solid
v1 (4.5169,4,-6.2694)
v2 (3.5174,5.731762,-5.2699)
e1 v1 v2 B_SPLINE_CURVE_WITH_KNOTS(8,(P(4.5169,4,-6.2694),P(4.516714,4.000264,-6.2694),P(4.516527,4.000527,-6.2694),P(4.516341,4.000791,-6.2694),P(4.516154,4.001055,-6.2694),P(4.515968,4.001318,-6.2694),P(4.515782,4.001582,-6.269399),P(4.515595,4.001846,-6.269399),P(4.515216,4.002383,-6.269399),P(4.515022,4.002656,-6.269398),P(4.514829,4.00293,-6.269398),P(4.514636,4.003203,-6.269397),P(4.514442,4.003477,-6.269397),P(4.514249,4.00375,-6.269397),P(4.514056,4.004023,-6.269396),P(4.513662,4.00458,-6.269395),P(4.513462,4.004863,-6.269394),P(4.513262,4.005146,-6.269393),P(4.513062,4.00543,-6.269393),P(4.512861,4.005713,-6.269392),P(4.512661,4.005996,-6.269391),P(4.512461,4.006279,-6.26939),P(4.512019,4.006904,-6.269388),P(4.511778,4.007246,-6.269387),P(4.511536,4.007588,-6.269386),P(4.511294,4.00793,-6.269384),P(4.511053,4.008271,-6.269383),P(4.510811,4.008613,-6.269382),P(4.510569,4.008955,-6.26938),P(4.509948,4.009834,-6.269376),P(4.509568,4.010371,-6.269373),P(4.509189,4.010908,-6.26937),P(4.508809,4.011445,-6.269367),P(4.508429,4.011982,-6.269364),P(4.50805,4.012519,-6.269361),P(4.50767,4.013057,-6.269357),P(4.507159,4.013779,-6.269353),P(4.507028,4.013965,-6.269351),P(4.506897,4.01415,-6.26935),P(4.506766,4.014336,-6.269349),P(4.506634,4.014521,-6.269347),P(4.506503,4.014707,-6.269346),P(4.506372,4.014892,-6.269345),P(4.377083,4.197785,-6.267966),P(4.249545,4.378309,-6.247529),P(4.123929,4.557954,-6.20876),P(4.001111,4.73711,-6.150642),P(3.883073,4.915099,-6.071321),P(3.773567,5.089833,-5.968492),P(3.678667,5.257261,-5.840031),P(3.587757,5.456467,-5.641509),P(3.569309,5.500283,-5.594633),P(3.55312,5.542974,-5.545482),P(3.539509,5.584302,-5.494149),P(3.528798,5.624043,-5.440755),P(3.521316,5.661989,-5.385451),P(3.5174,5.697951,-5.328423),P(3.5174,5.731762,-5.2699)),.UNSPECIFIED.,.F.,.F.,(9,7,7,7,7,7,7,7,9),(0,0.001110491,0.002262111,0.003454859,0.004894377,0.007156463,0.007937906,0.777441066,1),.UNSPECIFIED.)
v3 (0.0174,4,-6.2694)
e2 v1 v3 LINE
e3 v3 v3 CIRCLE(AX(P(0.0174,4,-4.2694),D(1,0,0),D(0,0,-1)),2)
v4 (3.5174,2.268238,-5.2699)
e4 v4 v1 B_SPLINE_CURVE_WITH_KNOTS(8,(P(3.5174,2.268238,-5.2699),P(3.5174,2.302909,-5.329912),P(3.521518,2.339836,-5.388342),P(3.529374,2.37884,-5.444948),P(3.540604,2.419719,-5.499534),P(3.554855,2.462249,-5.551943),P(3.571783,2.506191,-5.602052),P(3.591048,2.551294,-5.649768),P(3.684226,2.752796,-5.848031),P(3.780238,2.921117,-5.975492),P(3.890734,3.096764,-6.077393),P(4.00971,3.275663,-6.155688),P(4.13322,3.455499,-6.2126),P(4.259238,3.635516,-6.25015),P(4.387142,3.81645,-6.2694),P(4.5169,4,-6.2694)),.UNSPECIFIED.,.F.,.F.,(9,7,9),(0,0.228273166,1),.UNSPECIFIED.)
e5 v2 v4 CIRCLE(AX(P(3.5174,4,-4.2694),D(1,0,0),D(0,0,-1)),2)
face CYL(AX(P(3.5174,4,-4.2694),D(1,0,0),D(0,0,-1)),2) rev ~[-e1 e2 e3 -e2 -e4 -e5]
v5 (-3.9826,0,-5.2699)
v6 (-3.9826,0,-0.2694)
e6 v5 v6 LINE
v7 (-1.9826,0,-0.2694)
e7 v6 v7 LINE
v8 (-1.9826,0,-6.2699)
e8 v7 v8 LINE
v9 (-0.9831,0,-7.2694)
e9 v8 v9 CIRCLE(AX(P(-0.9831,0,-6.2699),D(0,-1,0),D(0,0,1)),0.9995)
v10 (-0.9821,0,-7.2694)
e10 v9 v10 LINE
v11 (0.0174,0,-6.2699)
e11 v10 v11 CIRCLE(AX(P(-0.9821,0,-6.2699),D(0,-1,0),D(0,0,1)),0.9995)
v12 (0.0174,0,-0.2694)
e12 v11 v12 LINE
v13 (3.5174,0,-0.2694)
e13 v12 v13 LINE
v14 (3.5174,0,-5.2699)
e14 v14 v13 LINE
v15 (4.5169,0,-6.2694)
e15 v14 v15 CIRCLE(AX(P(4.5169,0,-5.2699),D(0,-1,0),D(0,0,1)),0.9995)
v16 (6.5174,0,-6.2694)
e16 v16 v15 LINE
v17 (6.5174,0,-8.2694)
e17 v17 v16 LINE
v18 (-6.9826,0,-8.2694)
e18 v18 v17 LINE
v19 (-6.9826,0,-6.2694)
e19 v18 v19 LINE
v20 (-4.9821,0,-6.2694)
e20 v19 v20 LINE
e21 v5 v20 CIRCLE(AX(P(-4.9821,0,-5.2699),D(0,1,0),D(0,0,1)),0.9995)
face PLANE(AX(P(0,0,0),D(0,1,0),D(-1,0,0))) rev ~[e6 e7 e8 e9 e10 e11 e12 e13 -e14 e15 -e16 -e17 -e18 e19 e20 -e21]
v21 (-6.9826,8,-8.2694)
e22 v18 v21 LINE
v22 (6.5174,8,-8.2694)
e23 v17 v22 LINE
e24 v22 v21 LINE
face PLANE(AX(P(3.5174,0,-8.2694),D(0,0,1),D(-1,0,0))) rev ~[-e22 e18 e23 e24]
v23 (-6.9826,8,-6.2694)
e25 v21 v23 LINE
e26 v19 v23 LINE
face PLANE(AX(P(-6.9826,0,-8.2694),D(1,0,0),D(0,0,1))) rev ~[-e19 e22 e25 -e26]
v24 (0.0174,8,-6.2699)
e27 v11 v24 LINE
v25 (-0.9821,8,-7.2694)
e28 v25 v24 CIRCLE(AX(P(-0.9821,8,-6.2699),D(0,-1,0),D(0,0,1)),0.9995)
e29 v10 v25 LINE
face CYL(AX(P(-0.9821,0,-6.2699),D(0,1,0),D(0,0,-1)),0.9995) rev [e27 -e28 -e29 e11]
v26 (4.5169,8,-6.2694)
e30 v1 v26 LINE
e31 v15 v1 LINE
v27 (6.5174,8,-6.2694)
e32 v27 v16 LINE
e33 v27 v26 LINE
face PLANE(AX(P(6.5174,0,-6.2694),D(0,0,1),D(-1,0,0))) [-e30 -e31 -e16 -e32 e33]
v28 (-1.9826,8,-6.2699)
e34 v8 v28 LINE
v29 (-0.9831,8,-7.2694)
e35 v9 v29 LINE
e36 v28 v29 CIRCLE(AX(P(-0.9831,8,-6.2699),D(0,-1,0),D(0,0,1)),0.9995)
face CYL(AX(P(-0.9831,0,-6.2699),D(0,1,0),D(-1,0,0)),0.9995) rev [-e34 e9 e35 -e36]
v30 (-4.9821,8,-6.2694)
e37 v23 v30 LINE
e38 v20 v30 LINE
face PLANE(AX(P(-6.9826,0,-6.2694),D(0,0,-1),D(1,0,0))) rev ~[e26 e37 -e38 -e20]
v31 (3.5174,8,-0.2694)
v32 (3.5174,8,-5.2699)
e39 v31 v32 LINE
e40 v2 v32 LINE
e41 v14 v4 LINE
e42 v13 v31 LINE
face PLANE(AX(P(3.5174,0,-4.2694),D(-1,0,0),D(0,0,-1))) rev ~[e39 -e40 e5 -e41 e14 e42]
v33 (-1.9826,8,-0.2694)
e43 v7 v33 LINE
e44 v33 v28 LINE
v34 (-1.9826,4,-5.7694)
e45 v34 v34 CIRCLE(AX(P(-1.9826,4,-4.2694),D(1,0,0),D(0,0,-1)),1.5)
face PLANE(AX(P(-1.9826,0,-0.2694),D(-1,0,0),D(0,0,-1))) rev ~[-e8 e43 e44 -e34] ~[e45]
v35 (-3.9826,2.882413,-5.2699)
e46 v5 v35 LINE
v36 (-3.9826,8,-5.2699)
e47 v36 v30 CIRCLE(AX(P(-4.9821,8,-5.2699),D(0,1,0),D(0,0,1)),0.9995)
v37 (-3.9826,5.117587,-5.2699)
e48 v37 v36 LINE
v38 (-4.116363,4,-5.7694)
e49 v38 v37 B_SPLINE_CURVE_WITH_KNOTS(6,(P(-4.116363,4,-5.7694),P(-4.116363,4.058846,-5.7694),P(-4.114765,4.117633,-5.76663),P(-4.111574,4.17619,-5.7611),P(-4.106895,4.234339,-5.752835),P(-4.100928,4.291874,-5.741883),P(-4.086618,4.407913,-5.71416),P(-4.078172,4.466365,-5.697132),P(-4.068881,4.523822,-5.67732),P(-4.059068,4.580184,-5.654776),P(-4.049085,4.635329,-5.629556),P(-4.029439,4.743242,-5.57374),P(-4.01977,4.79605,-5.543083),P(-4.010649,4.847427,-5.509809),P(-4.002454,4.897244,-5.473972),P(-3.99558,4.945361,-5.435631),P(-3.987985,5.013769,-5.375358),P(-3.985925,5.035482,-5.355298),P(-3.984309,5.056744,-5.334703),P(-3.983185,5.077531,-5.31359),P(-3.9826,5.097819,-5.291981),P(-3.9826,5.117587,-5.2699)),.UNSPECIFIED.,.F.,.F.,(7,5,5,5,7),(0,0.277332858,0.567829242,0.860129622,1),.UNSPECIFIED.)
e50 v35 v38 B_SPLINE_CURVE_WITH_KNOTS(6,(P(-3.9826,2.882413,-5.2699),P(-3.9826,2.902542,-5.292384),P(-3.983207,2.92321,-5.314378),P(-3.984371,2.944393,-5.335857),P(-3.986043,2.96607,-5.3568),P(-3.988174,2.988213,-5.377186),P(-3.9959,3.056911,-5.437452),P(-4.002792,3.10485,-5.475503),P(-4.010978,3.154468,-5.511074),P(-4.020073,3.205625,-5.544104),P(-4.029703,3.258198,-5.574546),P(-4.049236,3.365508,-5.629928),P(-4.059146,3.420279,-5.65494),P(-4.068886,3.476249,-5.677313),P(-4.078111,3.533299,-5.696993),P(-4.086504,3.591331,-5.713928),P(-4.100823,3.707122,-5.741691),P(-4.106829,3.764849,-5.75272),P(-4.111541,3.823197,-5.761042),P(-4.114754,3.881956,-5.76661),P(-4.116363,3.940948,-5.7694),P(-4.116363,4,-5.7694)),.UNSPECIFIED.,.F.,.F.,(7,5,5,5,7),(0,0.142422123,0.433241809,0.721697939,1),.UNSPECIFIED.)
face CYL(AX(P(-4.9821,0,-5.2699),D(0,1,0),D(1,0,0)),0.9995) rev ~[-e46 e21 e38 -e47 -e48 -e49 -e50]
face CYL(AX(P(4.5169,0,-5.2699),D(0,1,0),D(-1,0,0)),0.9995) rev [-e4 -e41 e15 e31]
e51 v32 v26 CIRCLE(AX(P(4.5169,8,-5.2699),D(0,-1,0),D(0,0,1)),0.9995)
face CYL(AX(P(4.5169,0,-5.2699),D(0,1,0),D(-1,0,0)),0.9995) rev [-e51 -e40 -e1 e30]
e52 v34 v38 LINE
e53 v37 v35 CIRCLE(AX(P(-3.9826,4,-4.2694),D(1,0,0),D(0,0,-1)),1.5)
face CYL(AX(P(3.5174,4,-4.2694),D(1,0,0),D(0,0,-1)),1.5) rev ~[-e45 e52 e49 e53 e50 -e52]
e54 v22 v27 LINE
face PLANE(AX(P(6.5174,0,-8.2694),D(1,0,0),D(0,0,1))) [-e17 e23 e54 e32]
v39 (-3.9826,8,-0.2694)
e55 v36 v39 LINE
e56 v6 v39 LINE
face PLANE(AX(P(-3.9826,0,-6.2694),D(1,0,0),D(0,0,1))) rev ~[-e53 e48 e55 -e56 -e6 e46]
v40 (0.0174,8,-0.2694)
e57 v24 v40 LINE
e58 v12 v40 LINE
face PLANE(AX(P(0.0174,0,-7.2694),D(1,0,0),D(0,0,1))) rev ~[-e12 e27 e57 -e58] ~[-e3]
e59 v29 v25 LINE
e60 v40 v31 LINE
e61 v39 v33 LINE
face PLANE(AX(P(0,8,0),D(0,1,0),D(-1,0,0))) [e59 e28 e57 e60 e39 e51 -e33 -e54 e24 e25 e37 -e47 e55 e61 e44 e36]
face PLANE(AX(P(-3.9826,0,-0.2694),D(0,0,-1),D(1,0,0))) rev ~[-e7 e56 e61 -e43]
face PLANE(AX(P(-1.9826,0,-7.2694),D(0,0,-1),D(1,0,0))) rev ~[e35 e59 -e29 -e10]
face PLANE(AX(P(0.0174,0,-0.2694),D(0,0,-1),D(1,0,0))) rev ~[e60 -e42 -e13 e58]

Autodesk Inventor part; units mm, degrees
ref_plane "YZ Plane" through (0, 0, 0) normal (1, 0, 0) x (0, 1, 0)
ref_plane "XZ Plane" through (0, 0, 0) normal (0, 1, 0) x (-1, 0, 0)
ref_plane "XY Plane" through (0, 0, 0) normal (0, 0, 1) x (1, 0, 0)
sketch "Sketch1" plane through (0, 0, 0) normal (0, 1, 0) x (-1, 0, 0)
  line L0 (1.9826, -0.2694) -> (1.9826, -7.2694)
  line L1 (1.9826, -7.2694) -> (-0.0174, -7.2694)
  line L2 (-0.0174, -7.2694) -> (-0.0174, -0.2694)
  line L3 (-0.0174, -0.2694) -> (-3.5174, -0.2694)
  line L4 (-3.5174, -0.2694) -> (-3.5174, -8.2694)
  line L5 (-3.5174, -8.2694) -> (3.9826, -8.2694)
  line L6 (3.9826, -8.2694) -> (3.9826, -0.2694)
  line L7 (3.9826, -0.2694) -> (1.9826, -0.2694)
  line L8 (-3.5174, -8.2694) -> (-7.5174, -8.2694)
  line L9 (-7.5174, -8.2694) -> (-7.5174, -4.2694)
  line L10 (-7.5174, -4.2694) -> (-3.5174, -4.2694)
  line L11 (-3.5174, -4.2694) -> (-3.5174, -8.2694)
  line L12 (3.9826, -8.2694) -> (6.9826, -8.2694)
  line L13 (6.9826, -8.2694) -> (6.9826, -6.2694)
  line L14 (6.9826, -6.2694) -> (3.9826, -6.2694)
  line L15 (3.9826, -6.2694) -> (3.9826, -8.2694)
  line L16 (-3.5174, -8.2694) -> (-6.5174, -8.2694)
  line L17 (-6.5174, -8.2694) -> (-6.5174, -6.2694)
  line L18 (-6.5174, -6.2694) -> (-3.5174, -6.2694)
  line L19 (-3.5174, -6.2694) -> (-3.5174, -8.2694)
  point P0 (0, 0)
  dimension "d0" = 2
  dimension "d1" = 3.5
  dimension "d2" = 2
  dimension "d5" = 1
  dimension "d6" = 7
  dimension "d7" = 4
  dimension "d8" = 4
  dimension "d18" = 3
  dimension "d19" = 3
  dimension "d24" = 2
extrude "Extrusion1" add sketch "Sketch1" along normal blind 8 contours L7 L6 L5 L4 L3 L2 L1 L0 | L14 L13 L12 L6 | L8 L17 L18 L4
sketch "Sketch2" plane through (7.5174, 0, -8.2694) normal (0, 0, -1) x (-1, 0, 0)
  circle A0 centre (4, 4) radius 2.05
  line L0 (0, 0) -> (0, 8) projected
  line L1 (1, 8) -> (14.5, 8) projected
  line L2 (7.5, 0) -> (7.5, 8) projected
  point P0 (7.5174, 0)
  point P1 (12, 8)
  dimension "d11" = 4.1
  dimension "d12" = 4
  dimension "d13" = 4
  dimension "d17" = 3.5
extrude "Extrusion2" [suppressed]
fillet "Fillet1" radius 1 4 edges at (-1.9826, 4, -7.2694) (0.0174, 4, -7.2694) (3.5174, 4, -6.2694) (-3.9826, 4, -6.2694)
sketch "Sketch3" plane through (3.5174, 0, -0.2694) normal (1, 0, 0) x (0, 0, -1)
  circle A0 centre (4, 4) radius 2
  circle A1 centre (4, 4) radius 1.5
  line L0 (8, 0) -> (8, 8) projected
  line L1 (0, 0) -> (5, 0) projected
  point P0 (-0.2694, 0)
  dimension "d20" = 4
  dimension "d21" = 3
  dimension "d22" = 4
  dimension "d23" = 4
extrude "Extrusion3" cut sketch "Sketch3" against normal blind 10 contours A1
extrude "Extrusion4" cut sketch "Sketch3" against normal blind 3.5
extrude "Extrusion5" cut sketch "Sketch3" along normal blind 3.5 contours A0 | A1
properties part number "ethernet card support"
